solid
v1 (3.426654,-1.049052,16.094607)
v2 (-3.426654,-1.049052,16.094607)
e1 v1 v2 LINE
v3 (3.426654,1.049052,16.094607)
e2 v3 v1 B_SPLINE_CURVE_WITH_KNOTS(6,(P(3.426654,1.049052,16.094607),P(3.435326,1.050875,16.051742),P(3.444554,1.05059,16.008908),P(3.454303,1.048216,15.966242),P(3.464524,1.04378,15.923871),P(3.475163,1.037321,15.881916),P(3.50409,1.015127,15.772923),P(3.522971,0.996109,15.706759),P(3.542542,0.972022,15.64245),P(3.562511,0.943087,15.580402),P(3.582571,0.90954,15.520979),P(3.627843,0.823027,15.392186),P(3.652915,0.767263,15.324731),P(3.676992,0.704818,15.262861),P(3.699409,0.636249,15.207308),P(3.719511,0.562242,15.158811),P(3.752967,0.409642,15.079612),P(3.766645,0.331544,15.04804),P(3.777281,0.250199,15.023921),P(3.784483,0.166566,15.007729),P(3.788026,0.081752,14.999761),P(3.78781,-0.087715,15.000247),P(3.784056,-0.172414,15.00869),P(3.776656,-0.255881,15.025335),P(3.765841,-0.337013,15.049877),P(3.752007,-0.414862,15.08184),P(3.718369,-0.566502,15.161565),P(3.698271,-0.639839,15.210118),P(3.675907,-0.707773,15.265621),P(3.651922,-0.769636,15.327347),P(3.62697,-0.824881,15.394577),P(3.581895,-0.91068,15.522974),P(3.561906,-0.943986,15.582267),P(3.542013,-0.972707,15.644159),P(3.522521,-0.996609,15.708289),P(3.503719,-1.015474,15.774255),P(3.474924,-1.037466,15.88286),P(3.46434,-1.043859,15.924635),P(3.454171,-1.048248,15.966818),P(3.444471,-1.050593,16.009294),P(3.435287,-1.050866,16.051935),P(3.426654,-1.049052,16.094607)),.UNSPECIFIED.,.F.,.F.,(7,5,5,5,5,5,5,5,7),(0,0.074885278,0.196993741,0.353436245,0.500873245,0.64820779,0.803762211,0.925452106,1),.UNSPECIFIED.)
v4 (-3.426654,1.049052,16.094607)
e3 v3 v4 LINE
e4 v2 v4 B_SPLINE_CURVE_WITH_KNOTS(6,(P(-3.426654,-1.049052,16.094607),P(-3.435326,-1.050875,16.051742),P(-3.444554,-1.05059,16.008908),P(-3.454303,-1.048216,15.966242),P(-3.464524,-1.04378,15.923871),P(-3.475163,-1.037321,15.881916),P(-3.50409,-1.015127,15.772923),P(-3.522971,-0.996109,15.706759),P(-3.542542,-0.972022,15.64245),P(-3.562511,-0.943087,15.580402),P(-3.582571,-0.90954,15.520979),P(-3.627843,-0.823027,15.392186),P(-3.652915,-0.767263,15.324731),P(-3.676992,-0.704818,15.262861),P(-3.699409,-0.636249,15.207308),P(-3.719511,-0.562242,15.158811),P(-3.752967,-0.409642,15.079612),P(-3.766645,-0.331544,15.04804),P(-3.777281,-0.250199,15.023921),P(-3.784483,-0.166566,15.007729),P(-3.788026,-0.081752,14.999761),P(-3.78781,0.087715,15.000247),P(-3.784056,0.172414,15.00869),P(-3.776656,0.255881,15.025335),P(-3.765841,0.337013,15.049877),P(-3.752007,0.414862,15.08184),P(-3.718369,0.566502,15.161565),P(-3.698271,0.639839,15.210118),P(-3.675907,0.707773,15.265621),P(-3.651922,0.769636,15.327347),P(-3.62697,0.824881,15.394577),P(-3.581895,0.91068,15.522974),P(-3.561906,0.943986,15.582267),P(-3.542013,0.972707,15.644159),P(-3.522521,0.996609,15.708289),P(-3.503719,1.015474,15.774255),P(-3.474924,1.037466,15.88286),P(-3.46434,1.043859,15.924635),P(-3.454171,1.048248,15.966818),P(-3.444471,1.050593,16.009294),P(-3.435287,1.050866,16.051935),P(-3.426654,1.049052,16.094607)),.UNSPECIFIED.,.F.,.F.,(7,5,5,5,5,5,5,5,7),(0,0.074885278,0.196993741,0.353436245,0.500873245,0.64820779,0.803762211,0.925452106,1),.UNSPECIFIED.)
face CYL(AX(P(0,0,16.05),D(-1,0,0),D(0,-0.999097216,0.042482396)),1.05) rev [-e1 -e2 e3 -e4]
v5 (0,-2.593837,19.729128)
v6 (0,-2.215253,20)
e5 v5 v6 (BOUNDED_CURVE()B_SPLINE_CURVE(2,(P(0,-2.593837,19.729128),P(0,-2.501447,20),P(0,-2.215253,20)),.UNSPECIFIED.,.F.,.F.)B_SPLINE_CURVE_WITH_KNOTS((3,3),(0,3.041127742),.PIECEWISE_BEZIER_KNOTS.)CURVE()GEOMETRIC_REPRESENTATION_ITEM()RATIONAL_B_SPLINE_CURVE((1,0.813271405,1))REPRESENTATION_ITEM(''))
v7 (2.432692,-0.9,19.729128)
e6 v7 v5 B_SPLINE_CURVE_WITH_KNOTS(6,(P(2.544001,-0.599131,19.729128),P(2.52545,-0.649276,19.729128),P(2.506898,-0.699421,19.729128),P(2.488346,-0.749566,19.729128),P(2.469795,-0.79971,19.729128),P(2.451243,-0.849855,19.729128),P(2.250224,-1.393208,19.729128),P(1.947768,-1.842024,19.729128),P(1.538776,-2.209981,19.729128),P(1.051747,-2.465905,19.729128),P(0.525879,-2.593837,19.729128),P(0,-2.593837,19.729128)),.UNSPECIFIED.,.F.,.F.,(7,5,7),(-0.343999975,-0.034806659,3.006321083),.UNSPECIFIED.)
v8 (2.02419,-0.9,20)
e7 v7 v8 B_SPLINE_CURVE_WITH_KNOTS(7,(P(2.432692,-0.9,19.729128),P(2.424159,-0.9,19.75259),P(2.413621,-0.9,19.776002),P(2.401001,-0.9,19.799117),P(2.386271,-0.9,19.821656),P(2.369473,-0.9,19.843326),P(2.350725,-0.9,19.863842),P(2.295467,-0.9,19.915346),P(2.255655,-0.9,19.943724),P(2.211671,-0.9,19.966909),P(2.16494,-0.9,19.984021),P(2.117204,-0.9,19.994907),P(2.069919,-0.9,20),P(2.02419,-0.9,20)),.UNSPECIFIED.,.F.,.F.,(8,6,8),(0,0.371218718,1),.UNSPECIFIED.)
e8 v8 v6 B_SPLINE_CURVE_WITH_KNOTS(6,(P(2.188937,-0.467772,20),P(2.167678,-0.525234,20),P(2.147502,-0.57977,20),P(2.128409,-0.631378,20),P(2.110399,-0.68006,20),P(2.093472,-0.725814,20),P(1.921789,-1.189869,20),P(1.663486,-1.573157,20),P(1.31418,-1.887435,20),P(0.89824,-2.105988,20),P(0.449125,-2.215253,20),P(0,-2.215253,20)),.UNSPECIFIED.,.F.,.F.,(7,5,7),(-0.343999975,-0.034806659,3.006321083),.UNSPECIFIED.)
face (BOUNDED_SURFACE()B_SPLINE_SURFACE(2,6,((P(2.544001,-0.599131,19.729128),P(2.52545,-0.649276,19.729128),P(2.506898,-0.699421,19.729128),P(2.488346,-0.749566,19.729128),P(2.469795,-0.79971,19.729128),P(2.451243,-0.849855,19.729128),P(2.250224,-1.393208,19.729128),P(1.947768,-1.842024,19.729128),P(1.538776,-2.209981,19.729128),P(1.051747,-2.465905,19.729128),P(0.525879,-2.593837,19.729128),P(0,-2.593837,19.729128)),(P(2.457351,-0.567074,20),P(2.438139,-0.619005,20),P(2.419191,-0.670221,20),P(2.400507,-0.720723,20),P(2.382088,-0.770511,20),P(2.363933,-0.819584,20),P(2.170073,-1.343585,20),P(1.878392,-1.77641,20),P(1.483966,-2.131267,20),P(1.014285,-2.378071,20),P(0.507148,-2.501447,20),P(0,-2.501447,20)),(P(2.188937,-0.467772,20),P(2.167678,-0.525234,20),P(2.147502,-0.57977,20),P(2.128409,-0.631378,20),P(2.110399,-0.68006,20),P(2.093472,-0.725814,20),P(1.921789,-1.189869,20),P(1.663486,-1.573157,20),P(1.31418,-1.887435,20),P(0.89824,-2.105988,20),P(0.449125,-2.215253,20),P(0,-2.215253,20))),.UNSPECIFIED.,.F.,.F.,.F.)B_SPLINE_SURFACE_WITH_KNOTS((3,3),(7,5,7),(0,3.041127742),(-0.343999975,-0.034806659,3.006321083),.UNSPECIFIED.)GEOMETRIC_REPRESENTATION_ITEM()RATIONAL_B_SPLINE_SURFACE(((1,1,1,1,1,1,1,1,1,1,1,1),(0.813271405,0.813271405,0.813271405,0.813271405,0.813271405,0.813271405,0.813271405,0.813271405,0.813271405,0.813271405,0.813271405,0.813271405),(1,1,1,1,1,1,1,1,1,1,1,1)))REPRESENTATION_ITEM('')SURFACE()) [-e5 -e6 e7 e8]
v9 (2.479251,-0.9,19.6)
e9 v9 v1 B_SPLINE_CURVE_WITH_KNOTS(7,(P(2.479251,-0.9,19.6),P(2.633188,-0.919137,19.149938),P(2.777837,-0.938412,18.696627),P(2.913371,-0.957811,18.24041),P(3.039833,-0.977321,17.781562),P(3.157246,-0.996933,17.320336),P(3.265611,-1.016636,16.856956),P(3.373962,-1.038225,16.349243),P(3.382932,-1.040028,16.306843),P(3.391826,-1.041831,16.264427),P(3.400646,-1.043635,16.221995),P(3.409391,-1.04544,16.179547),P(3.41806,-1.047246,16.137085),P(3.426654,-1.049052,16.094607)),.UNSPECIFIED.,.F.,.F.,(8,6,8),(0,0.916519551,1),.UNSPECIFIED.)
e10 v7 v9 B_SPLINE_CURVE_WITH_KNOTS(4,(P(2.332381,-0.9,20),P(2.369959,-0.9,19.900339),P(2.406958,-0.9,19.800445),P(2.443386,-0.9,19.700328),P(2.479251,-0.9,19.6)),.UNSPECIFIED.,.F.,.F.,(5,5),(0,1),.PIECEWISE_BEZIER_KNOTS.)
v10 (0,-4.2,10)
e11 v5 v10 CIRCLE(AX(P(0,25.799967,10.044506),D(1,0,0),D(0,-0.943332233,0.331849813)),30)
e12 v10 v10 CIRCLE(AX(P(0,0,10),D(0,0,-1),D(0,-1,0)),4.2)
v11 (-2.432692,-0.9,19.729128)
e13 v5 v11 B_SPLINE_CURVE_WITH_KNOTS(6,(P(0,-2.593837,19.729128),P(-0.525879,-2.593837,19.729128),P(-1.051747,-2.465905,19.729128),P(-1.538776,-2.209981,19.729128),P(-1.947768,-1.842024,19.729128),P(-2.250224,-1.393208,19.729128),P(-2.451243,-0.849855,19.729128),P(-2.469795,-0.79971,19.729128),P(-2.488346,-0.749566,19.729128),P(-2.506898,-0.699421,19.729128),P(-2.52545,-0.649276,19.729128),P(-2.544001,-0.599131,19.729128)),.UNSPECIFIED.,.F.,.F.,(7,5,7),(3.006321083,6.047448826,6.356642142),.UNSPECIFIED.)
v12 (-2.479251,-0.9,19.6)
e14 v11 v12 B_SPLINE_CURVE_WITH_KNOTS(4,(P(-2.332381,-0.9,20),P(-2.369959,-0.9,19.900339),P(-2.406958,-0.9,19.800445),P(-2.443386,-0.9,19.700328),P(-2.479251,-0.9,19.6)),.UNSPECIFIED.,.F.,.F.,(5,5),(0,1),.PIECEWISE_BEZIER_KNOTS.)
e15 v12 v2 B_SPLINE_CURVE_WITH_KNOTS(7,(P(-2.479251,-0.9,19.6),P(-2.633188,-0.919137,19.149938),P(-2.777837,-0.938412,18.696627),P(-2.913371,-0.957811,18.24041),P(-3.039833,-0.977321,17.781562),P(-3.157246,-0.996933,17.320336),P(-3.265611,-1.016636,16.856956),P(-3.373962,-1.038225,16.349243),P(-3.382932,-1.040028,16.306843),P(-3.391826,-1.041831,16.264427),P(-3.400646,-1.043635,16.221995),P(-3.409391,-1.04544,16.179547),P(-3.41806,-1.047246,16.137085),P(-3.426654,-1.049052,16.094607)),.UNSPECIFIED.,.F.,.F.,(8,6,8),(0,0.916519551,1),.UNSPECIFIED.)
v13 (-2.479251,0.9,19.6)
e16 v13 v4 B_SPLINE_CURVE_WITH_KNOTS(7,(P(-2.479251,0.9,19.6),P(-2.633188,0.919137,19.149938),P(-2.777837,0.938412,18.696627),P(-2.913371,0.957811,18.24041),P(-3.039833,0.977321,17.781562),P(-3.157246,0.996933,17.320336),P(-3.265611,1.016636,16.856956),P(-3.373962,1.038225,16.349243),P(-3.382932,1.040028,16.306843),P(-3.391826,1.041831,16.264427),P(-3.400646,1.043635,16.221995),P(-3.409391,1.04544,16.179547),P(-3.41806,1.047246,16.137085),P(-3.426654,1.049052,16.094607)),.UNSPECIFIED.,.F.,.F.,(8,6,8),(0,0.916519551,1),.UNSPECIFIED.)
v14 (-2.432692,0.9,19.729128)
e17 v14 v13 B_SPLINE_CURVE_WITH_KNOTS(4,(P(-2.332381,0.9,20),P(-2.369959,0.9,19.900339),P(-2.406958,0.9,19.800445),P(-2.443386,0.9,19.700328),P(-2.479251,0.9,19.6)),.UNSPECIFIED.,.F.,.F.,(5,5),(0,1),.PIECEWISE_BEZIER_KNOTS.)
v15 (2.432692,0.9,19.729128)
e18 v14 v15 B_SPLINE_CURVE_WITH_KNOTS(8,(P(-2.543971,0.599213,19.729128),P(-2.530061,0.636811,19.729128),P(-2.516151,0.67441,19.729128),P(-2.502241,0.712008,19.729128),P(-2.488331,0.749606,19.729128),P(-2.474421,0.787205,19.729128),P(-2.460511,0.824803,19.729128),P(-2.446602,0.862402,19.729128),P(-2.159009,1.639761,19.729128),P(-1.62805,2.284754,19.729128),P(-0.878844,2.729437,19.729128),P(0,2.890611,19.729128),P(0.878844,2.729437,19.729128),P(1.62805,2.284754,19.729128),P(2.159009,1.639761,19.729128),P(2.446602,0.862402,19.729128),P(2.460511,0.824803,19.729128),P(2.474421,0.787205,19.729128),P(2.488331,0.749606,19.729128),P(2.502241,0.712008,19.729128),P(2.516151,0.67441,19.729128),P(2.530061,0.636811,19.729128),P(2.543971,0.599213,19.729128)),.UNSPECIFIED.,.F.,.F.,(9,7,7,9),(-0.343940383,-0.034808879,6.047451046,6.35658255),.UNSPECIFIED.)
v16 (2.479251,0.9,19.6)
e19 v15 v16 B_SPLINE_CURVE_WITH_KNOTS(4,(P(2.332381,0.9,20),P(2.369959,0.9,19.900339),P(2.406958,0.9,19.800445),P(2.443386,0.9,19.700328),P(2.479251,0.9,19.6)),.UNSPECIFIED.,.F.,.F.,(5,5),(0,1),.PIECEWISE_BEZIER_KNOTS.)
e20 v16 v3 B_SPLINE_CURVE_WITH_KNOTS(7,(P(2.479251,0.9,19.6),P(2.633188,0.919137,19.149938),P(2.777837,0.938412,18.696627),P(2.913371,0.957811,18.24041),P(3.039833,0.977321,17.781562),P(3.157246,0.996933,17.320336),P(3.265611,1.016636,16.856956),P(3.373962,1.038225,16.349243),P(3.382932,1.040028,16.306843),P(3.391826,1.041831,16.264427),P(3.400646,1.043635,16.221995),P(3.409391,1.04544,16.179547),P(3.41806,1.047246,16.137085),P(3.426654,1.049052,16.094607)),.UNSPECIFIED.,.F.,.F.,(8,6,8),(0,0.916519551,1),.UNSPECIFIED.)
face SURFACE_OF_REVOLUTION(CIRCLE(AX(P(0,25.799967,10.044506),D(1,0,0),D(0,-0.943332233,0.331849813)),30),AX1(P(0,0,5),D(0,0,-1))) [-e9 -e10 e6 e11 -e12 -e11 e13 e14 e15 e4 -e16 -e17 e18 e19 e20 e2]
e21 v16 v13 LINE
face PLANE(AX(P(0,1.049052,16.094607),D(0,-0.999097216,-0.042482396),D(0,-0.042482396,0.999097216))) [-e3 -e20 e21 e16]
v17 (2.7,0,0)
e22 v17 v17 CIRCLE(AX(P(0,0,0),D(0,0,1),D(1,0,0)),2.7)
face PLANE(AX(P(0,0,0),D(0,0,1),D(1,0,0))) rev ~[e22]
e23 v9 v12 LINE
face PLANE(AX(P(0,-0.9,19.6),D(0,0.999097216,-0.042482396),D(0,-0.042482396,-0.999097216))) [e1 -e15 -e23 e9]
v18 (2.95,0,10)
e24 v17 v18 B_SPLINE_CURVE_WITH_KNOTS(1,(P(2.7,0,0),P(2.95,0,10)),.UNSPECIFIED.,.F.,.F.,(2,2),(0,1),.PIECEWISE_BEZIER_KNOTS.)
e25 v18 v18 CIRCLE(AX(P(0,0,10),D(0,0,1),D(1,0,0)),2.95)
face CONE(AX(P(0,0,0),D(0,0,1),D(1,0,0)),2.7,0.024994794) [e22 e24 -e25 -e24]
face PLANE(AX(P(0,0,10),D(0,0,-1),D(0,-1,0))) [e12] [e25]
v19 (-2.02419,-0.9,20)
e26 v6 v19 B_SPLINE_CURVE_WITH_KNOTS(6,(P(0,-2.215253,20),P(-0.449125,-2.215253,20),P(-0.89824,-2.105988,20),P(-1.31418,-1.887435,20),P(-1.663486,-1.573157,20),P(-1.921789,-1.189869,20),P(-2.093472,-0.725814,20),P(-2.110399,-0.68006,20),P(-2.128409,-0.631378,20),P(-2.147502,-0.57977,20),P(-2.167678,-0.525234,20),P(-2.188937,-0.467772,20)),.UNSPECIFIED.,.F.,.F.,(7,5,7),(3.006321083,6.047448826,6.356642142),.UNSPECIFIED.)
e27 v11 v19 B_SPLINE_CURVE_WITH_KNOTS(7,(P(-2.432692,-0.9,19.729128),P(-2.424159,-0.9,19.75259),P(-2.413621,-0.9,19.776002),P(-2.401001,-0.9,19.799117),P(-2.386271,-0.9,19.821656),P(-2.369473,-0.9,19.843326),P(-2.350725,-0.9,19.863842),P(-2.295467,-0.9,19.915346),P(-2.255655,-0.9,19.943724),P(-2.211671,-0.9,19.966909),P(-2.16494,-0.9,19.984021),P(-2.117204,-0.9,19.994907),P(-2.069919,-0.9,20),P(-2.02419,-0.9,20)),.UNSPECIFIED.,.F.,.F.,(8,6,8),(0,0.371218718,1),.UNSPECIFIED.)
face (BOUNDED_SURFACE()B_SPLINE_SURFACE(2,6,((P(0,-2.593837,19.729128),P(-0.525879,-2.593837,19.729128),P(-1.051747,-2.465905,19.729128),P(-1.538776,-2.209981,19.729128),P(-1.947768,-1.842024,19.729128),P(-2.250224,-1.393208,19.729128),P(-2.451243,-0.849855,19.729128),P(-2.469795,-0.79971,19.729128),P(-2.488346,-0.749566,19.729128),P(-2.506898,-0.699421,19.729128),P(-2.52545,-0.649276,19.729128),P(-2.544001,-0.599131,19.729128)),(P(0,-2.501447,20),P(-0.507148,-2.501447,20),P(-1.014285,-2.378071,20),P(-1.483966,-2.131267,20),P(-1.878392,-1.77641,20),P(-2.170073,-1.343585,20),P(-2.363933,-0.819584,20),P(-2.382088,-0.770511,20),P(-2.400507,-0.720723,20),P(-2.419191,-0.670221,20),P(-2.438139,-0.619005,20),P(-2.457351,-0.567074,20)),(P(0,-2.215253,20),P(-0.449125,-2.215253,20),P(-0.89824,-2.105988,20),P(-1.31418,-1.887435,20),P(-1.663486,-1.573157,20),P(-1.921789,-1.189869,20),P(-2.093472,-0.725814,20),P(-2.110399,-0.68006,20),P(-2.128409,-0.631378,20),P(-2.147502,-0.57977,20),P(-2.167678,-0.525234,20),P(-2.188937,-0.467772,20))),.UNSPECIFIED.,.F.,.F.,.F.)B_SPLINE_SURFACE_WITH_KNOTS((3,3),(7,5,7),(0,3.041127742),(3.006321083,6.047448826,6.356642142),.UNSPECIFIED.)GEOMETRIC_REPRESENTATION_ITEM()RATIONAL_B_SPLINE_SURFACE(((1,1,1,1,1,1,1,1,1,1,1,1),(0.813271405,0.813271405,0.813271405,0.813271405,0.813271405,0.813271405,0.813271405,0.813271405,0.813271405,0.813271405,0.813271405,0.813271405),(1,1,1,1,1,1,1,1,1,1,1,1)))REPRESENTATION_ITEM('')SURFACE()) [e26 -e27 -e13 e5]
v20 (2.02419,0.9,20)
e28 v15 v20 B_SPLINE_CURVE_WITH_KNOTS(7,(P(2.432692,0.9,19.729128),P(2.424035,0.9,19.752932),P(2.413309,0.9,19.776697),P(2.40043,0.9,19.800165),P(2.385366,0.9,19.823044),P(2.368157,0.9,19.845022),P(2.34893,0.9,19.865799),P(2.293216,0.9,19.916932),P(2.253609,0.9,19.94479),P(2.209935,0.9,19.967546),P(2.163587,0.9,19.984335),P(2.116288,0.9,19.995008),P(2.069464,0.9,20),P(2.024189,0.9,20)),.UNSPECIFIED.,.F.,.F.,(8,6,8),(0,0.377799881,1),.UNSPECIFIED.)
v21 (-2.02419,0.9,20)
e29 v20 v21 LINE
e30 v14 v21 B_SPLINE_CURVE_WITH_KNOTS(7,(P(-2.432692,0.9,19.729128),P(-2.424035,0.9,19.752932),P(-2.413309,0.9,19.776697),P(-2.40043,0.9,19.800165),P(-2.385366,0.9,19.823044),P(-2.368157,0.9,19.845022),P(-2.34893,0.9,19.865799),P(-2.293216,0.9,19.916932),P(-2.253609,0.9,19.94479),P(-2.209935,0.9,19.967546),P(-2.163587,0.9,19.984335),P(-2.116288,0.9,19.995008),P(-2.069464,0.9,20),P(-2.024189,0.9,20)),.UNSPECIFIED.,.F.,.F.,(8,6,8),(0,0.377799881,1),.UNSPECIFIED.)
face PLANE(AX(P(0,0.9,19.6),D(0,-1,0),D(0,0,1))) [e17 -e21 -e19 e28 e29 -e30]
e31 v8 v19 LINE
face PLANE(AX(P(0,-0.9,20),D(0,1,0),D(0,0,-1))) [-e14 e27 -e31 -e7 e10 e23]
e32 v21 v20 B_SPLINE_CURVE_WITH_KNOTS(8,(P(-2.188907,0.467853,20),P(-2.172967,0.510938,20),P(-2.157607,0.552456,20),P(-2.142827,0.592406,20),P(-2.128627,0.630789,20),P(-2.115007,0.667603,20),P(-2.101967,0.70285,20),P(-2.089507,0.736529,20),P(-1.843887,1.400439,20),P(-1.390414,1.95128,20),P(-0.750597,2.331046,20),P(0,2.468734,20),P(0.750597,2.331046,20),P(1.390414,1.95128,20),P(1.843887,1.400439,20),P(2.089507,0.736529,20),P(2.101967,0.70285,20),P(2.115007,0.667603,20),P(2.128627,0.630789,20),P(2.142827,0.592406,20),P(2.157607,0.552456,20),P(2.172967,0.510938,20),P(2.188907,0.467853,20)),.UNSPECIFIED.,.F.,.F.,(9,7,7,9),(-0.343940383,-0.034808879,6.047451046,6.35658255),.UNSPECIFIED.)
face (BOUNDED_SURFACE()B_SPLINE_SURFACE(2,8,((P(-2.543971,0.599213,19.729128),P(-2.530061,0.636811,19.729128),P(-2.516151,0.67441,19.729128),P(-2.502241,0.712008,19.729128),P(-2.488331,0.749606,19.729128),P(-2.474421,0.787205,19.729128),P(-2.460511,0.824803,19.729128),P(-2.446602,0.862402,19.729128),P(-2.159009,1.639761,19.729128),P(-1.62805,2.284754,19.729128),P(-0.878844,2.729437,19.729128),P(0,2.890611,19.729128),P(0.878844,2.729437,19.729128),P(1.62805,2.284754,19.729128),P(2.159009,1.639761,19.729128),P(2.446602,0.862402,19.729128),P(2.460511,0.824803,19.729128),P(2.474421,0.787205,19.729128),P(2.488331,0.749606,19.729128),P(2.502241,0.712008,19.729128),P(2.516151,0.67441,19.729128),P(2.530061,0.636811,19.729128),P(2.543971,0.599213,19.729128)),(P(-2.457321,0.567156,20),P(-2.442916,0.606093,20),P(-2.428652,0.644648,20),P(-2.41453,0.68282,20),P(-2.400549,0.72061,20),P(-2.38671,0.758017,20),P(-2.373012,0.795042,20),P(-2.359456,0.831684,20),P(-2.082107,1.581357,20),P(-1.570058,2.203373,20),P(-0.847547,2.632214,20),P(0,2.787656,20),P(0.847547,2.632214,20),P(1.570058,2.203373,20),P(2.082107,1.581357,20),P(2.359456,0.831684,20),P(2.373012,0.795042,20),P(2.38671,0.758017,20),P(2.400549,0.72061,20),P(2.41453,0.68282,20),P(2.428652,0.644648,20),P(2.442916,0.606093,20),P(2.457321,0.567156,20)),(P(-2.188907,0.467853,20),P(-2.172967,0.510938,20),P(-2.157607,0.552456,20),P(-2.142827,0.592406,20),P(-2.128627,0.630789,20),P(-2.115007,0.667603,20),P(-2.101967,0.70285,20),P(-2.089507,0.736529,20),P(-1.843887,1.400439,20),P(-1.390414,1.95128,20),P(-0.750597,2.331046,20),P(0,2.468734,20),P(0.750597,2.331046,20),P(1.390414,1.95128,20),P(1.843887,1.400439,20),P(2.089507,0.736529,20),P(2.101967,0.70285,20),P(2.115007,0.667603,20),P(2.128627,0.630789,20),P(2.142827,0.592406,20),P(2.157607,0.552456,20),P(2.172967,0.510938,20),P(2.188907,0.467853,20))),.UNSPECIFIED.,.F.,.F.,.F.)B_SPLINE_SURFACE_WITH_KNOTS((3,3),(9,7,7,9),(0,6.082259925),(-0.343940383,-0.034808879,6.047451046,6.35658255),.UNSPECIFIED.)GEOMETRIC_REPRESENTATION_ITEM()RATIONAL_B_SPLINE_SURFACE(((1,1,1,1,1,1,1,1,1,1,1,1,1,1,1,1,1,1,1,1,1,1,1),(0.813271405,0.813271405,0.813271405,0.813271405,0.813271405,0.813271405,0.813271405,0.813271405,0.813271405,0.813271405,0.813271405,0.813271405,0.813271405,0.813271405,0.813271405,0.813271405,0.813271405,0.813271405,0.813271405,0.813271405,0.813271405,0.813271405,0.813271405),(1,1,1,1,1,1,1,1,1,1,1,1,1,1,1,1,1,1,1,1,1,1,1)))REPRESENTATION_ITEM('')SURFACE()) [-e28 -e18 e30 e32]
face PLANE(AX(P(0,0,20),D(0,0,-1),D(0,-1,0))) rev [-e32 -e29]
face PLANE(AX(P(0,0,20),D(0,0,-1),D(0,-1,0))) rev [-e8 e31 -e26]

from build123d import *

# Parameters (mm, degrees)
F1_R          = 2.7
F2_R          = 2.95
F7_DEPTH      = 4.2010331125
F7_DEPTH_BACK = 4.2010331125
F8_R          = 0.4


with BuildPart() as f3:
    # F1 (on Top) → F3 section 0
    with BuildSketch(Plane.XY):
        Circle(F1_R)
    # F2 (on offset) → F3 section 1
    with BuildSketch(Plane.XY.offset(10)):
        Circle(F2_R)
    loft()

    # F4 (on Right) → F5 (revolve)
    with BuildSketch(Plane.YZ):
        with BuildLine():
            Line((-4.2, 10), (0, 10))
            Line((0, 10), (0, 20))
            Line((0, 20), (-2.5, 20))
            ThreePointArc((-2.5, 20), (-3.7757084126, 15.0723704301), (-4.2, 10))
        make_face()
    revolve(axis=Axis((0, 0, 5), (0, 0, -1)))

    # F6 (on Right) → F7 (cut, two sides)
    with BuildSketch(Plane.YZ) as f7_sk:
        with BuildLine():
            Line((0.9, 20), (-0.9, 20))
            Line((-0.9, 20), (-0.9, 19.6))
            Line((-0.9, 19.6), (-1.0490520763, 16.0946065159))
            ThreePointArc((-1.0490520763, 16.0946065159), (0, 15), (1.0490520763, 16.0946065159))
            Line((1.0490520763, 16.0946065159), (0.9, 19.6))
            Line((0.9, 19.6), (0.9, 20))
        make_face()
    extrude(amount=-F7_DEPTH, mode=Mode.SUBTRACT)
    extrude(f7_sk.sketch, amount=F7_DEPTH_BACK, mode=Mode.SUBTRACT)

    # F8
    f8_edges = [f3.edges().sort_by_distance(p)[0] for p in [
        (1.414214, -2.061553, 20),
        (-1.414214, -2.061553, 20),
        (0, 2.5, 20),
    ]]
    fillet(f8_edges, radius=F8_R)


solid = f3.part
